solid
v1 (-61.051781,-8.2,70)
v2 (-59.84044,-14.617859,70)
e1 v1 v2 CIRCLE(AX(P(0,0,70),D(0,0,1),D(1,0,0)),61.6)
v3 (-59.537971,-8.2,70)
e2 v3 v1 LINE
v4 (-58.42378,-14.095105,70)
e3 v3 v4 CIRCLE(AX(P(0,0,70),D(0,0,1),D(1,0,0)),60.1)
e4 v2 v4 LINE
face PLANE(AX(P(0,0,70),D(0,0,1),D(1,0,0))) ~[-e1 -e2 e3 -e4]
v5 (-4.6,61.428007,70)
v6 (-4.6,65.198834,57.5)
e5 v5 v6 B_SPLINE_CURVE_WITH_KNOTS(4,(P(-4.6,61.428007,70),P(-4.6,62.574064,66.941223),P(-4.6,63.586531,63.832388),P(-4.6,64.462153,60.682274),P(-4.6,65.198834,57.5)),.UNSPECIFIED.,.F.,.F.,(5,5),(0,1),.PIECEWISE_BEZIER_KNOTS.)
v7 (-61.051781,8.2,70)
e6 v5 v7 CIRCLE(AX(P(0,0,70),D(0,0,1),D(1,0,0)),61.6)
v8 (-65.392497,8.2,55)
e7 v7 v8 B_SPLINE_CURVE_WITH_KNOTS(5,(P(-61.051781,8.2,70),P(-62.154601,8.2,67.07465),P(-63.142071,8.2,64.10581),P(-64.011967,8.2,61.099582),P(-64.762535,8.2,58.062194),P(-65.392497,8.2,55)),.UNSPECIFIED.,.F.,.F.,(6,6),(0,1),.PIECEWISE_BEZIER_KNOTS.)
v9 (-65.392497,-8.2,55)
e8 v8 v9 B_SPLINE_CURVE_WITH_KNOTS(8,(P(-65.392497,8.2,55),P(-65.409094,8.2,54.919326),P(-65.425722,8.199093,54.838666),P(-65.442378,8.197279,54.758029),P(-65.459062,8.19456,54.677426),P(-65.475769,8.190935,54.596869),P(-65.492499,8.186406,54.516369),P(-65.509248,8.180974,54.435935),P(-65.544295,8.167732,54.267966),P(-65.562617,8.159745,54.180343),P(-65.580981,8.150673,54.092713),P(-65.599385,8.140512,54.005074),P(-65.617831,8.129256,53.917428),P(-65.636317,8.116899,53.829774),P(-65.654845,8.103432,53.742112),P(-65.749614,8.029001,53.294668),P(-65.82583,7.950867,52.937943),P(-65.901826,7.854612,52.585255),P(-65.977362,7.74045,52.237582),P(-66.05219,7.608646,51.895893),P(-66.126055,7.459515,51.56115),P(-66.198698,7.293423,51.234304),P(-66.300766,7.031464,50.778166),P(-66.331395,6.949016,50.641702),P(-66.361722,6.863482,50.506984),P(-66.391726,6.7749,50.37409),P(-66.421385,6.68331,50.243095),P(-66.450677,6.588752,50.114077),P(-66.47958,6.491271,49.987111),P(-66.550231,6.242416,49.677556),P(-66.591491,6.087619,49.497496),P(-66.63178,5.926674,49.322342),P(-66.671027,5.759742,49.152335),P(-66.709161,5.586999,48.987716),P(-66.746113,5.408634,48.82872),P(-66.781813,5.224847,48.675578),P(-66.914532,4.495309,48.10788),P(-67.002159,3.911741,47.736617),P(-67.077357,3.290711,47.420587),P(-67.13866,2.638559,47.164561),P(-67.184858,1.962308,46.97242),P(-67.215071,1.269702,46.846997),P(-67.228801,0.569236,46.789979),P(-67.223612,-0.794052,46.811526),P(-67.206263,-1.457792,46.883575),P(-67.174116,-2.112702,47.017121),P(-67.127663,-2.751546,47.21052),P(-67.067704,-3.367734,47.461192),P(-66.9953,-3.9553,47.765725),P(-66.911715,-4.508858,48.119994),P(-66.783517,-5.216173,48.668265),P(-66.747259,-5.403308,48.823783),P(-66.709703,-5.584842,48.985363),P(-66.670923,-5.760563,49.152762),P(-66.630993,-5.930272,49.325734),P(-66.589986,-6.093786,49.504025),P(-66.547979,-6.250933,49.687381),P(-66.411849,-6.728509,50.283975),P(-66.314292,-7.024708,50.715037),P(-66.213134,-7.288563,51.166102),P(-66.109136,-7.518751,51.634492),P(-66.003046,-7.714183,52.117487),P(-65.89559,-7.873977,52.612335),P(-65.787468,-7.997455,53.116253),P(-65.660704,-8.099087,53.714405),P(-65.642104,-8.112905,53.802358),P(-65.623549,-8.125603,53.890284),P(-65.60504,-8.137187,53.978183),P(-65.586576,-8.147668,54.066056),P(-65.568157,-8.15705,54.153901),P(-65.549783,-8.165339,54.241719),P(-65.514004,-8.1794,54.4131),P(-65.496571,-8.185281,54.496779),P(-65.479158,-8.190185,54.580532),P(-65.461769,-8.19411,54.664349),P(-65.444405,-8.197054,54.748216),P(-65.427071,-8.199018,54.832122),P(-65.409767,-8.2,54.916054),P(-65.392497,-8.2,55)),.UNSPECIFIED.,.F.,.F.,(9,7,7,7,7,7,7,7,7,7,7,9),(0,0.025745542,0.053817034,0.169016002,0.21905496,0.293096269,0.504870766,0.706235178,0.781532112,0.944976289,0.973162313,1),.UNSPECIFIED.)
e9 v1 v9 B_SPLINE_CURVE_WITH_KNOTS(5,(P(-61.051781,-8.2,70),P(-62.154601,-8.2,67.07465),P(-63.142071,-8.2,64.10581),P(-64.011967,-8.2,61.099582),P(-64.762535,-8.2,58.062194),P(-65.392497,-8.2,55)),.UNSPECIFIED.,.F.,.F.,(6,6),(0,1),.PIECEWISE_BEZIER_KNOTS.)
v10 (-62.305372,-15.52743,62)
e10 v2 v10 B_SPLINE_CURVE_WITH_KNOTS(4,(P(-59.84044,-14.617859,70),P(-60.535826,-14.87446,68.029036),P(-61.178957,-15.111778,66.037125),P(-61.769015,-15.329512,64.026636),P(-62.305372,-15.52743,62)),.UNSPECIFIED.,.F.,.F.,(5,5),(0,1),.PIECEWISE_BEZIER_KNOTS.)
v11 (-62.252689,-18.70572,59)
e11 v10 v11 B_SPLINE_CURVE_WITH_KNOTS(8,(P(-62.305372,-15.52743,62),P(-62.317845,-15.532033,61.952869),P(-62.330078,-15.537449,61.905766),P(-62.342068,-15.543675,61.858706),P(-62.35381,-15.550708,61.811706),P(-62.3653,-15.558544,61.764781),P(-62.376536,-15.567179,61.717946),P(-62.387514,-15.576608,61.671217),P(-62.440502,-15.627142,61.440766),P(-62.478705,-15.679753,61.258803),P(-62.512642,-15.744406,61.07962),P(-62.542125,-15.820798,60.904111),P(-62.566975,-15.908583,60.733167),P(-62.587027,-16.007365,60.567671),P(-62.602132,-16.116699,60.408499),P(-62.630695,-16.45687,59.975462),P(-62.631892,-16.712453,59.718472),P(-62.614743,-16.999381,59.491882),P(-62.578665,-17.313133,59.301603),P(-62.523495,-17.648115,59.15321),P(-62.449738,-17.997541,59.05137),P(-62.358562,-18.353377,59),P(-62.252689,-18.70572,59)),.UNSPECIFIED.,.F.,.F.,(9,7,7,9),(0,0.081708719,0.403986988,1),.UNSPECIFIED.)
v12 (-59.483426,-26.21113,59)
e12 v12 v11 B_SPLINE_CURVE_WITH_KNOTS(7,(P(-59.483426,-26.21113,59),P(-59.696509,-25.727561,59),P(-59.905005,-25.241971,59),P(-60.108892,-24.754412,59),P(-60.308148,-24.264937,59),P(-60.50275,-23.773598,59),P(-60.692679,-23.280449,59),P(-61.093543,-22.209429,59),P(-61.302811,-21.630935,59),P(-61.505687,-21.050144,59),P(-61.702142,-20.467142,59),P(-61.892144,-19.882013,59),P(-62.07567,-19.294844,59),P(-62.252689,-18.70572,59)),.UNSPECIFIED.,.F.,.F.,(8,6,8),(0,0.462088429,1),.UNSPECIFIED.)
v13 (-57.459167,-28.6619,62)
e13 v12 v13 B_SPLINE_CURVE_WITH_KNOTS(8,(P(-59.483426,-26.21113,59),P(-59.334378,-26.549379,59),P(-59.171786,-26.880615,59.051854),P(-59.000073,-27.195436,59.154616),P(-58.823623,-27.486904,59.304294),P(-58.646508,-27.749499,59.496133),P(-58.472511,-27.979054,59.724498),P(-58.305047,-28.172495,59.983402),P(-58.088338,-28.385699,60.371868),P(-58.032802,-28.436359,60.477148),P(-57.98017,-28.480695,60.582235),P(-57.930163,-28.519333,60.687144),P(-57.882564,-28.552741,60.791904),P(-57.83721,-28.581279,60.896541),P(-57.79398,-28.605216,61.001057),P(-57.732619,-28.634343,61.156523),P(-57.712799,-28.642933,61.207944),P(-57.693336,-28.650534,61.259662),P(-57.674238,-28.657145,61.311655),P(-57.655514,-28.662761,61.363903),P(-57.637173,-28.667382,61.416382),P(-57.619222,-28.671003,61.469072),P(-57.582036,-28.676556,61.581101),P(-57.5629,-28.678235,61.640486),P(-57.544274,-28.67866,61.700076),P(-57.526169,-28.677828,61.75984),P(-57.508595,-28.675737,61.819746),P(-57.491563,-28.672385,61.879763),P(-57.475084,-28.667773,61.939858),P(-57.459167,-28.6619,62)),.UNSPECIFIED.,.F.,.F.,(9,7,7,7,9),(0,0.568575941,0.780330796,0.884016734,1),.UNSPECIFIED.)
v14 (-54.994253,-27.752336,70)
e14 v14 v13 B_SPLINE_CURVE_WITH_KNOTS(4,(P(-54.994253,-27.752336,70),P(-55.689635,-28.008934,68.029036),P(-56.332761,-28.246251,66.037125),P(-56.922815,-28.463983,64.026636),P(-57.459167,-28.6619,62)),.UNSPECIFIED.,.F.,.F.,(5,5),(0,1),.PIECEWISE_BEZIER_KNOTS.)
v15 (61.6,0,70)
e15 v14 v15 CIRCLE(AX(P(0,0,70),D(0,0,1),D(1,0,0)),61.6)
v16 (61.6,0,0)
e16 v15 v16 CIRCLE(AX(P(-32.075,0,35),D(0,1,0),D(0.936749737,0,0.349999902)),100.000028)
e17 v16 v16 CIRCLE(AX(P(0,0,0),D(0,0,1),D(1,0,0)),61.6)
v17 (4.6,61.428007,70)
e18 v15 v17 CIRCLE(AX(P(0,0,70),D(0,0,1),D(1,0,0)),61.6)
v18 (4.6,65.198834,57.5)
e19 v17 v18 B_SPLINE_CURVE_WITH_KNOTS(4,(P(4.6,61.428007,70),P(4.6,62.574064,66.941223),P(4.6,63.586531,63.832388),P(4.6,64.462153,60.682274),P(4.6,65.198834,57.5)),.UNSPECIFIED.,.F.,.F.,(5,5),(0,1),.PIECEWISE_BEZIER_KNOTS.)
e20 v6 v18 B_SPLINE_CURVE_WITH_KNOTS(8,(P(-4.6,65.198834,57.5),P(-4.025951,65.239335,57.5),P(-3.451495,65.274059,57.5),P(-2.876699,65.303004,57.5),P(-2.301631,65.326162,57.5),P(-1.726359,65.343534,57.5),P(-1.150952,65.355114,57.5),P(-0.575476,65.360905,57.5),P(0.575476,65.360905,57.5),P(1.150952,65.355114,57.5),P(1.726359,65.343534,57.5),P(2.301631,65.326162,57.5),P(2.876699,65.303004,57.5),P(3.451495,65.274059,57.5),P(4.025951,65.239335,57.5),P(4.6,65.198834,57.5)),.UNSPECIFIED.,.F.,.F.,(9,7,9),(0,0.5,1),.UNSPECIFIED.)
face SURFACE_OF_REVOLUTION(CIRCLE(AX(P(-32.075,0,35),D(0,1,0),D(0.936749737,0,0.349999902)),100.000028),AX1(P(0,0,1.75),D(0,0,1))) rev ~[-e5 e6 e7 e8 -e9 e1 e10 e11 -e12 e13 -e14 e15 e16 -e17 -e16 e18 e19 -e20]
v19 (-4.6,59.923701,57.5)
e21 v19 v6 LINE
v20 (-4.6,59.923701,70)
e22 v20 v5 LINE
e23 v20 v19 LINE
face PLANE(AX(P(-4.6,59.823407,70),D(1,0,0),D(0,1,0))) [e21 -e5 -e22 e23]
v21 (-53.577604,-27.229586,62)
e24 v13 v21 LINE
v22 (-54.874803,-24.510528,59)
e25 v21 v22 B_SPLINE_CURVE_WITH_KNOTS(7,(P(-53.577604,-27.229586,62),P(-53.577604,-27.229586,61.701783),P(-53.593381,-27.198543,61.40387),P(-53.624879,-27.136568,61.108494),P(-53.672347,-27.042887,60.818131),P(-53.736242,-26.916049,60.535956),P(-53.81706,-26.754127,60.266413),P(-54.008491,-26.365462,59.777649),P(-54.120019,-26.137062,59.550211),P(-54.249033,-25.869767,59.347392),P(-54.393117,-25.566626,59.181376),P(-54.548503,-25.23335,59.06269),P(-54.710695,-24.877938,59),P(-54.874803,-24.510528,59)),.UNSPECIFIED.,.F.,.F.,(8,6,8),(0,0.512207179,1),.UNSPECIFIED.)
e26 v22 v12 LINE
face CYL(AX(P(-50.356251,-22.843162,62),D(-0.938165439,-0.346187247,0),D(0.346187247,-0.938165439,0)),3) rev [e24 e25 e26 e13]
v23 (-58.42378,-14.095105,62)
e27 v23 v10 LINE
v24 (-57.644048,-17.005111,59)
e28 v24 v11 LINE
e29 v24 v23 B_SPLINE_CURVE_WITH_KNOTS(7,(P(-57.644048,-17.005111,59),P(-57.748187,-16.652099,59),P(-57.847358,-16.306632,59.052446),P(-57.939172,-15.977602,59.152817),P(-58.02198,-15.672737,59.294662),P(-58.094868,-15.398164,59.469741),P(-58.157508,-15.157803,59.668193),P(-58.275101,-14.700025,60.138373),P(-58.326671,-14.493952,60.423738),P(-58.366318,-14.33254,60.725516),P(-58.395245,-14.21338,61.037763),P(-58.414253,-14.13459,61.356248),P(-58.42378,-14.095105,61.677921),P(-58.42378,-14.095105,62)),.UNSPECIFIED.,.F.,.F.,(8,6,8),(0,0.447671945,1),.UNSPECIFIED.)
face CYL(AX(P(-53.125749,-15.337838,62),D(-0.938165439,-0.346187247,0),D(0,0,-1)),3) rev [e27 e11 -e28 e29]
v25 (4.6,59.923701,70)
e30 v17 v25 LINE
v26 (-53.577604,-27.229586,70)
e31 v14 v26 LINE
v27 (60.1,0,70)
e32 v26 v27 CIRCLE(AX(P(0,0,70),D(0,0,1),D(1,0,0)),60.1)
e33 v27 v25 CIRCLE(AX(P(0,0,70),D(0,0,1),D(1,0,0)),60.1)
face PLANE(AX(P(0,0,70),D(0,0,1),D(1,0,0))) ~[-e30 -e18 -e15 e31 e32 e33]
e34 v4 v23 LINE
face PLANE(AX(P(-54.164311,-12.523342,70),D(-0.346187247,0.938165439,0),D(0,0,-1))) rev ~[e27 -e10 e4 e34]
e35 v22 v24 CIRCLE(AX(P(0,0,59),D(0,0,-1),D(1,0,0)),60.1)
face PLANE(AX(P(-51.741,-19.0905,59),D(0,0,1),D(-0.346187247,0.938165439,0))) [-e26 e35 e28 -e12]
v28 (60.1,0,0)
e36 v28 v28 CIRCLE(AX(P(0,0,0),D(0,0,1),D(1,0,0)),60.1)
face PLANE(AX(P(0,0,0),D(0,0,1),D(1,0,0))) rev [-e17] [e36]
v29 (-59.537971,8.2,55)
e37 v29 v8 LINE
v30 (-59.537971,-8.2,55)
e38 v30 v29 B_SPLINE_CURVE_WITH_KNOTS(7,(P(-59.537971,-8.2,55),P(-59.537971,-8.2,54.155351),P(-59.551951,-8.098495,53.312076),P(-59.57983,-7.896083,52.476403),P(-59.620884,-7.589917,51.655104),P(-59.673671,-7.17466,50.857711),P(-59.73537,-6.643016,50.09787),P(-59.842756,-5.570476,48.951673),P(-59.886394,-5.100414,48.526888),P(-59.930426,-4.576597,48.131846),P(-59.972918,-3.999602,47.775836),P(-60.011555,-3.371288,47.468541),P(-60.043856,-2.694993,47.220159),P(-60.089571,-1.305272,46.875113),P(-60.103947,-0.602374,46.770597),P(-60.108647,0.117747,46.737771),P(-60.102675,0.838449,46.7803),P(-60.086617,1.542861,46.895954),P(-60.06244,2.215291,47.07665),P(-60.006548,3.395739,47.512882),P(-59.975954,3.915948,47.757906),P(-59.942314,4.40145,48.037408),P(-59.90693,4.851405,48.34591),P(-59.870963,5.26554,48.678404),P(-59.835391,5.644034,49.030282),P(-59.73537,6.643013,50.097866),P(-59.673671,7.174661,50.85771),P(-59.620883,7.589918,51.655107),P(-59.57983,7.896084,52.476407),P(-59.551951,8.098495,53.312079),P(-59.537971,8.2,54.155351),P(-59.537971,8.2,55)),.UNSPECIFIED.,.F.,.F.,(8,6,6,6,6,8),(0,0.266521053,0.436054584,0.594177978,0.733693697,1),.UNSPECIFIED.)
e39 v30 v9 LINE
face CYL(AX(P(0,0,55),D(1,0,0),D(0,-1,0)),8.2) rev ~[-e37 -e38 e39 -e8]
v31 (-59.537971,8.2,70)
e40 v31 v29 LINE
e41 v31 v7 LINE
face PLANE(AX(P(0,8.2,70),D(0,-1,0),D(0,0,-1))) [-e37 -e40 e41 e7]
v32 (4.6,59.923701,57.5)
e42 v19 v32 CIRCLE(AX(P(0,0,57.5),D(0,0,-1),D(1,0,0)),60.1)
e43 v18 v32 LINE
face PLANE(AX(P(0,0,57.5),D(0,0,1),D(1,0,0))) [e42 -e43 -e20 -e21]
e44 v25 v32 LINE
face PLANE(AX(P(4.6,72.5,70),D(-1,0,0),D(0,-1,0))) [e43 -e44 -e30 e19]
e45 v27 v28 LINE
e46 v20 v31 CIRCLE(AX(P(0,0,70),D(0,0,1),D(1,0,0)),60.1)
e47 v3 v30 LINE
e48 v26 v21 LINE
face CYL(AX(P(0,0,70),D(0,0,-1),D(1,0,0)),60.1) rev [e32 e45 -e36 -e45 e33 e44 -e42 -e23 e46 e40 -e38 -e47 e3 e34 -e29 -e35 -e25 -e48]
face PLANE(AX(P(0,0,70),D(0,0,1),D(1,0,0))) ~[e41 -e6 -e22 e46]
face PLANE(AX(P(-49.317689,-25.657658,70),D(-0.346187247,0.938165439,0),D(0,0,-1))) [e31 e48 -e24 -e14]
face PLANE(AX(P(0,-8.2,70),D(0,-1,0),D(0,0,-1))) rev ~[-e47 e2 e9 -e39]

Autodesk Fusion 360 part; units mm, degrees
ref_plane "Arbeitsebene2" through (0, 0, 70) normal (0, 0, 1) x (1, 0, 0)
sketch "Skizze1" plane through (0, 0, 70) normal (0, 0, 1) x (1, 0, 0)
  circle A0 centre (0, 0) radius 60
  line L0 (-32, -65.4497) -> (-32, 74.1763) construction
  line L1 (32, -65.9786) -> (32, 70) construction
  line L2 (-70, -45) -> (87.8831, -45) construction
  line L3 (-67.6095, 45) -> (98.1964, 45) construction
  line L4 (-42.2555, 59.4219) -> (47.2161, -66.3977) construction
  line L5 (-55.8567, -78.5485) -> (54.1174, 76.1026) construction
  line L6 (4.6, 47.5) -> (-4.6, 47.5)
  line L7 (-4.6, 47.5) -> (-4.6, 72.5)
  line L8 (-4.6, 72.5) -> (4.6, 72.5)
  line L9 (4.6, 72.5) -> (4.6, 47.5)
  line L10 (4.6, 47.5) -> (-4.6, 72.5) construction
  line L11 (-4.6, 47.5) -> (4.6, 72.5) construction
  line L12 (0, 80.8433) -> (0, -85.8515) construction
  line L13 (-51.741, 47.0895) -> (-51.741, -61.7465) construction
  line L14 (18.5366, 6.8393) -> (-95.6456, -35.2896) construction
  line L15 (-71.1394, 33.485) -> (-36.9267, -59.2417) construction
  point P0 (-32, 45)
  point P1 (32, -45)
  point P2 (-32, -45)
  point P3 (34.8015, 48.8759)
  point P4 (32, 45)
  point P5 (0, 60)
  point P6 (-51.741, -19.0905)
  dimension "d1" = 120
  dimension "d8" = 45
  dimension "d9" = 45
  dimension "d10" = 32
  dimension "d11" = 32
  dimension "d24" = 9.2
  dimension "d25" = 25
  dimension "d38" = 51.741
  dimension "d39" = 19.0905
sketch "Skizze4" plane through (0, 0, 0) normal (0, 1, 0) x (1, 0, 0)
  line L0 (-48.1569, -35) -> (99.3062, -35) construction
  line L1 (60.1, -70) -> (60.1, 0)
  line L2 (60.1, 0) -> (61.6, 0)
  arc A0 (61.6, -70) -> (61.6, 0) centre (-32.075, -35) ccw
  line L3 (60.1, -70) -> (61.6, -70)
  point P0 (-32.075, -35)
  dimension "d31" = 35
  dimension "d32" = 60.1
  dimension "d33" = 1.5
  dimension "d34" = 35
  dimension "d35" = 1.5
  dimension "d36" = 100
revolve "Drehen2" add sketch "Skizze4" angle 360 about axis through (0, 0, 1.75) along (0, 0, 1)
ref_plane "Arbeitsebene3" through (-51.741, -19.0905, 70) normal (0.9382, 0.3462, 0) x (-0.3462, 0.9382, 0)
sketch "Skizze5" plane through (-51.741, -19.0905, 0) normal (0.9382, 0.3462, 0) x (-0.3462, 0.9382, 0)
  line L0 (22.1819, 62) -> (-34.0583, 62) construction
  line L1 (45.7665, 70) -> (-50, 70) construction
  line L2 (60, 70) -> (-60, 70)
  line L3 (0, -62.5) -> (0, 202.5)
  line L4 (-4, 59) -> (4, 59)
  line L5 (7, 70) -> (-29, 70)
  line L6 (-7, 70) -> (-7, 62)
  line L7 (7, 70) -> (7, 62)
  arc A0 (4, 59) -> (7, 62) centre (4, 62) ccw
  arc A1 (-7, 62) -> (-4, 59) centre (-4, 62) ccw
  point P0 (4, 62)
  point P1 (-4, 62)
  point P2 (0, 70)
  point P3 (0, 70)
  dimension "d40" = 70
  dimension "d41" = 8
  dimension "d44" = 4
  dimension "d45" = 4
extrude "Extrusion1" cut sketch "Skizze5" along normal mid plane 40
extrude "Extrusion2" cut sketch "Skizze1" against normal blind 12.5 contours A0 L6 L7 L9 | A0 L7 L8 L9 picked at (-1.4809, 11.7216)
sketch "Skizze6" plane through (0, 0, 0) normal (1, 0, 0) x (0, 1, 0)
  line L0 (8.2, 70) -> (-95.5036, 70) construction
  line L1 (8.2, 70) -> (8.2, 55)
  line L2 (-8.2, 70) -> (-8.2, 55)
  line L3 (0, 78.2576) -> (0, 37.1704) construction
  line L4 (52.1379, 70) -> (-8.2, 70)
  arc A0 (-8.2, 55) -> (8.2, 55) centre (0, 55) ccw
  point P0 (0, 55)
  dimension "d50" = 70
  dimension "d51" = 8.2
  dimension "d52" = 8.2
  dimension "d54" = 15
extrude "Extrusion3" cut sketch "Skizze6" against normal blind 90
